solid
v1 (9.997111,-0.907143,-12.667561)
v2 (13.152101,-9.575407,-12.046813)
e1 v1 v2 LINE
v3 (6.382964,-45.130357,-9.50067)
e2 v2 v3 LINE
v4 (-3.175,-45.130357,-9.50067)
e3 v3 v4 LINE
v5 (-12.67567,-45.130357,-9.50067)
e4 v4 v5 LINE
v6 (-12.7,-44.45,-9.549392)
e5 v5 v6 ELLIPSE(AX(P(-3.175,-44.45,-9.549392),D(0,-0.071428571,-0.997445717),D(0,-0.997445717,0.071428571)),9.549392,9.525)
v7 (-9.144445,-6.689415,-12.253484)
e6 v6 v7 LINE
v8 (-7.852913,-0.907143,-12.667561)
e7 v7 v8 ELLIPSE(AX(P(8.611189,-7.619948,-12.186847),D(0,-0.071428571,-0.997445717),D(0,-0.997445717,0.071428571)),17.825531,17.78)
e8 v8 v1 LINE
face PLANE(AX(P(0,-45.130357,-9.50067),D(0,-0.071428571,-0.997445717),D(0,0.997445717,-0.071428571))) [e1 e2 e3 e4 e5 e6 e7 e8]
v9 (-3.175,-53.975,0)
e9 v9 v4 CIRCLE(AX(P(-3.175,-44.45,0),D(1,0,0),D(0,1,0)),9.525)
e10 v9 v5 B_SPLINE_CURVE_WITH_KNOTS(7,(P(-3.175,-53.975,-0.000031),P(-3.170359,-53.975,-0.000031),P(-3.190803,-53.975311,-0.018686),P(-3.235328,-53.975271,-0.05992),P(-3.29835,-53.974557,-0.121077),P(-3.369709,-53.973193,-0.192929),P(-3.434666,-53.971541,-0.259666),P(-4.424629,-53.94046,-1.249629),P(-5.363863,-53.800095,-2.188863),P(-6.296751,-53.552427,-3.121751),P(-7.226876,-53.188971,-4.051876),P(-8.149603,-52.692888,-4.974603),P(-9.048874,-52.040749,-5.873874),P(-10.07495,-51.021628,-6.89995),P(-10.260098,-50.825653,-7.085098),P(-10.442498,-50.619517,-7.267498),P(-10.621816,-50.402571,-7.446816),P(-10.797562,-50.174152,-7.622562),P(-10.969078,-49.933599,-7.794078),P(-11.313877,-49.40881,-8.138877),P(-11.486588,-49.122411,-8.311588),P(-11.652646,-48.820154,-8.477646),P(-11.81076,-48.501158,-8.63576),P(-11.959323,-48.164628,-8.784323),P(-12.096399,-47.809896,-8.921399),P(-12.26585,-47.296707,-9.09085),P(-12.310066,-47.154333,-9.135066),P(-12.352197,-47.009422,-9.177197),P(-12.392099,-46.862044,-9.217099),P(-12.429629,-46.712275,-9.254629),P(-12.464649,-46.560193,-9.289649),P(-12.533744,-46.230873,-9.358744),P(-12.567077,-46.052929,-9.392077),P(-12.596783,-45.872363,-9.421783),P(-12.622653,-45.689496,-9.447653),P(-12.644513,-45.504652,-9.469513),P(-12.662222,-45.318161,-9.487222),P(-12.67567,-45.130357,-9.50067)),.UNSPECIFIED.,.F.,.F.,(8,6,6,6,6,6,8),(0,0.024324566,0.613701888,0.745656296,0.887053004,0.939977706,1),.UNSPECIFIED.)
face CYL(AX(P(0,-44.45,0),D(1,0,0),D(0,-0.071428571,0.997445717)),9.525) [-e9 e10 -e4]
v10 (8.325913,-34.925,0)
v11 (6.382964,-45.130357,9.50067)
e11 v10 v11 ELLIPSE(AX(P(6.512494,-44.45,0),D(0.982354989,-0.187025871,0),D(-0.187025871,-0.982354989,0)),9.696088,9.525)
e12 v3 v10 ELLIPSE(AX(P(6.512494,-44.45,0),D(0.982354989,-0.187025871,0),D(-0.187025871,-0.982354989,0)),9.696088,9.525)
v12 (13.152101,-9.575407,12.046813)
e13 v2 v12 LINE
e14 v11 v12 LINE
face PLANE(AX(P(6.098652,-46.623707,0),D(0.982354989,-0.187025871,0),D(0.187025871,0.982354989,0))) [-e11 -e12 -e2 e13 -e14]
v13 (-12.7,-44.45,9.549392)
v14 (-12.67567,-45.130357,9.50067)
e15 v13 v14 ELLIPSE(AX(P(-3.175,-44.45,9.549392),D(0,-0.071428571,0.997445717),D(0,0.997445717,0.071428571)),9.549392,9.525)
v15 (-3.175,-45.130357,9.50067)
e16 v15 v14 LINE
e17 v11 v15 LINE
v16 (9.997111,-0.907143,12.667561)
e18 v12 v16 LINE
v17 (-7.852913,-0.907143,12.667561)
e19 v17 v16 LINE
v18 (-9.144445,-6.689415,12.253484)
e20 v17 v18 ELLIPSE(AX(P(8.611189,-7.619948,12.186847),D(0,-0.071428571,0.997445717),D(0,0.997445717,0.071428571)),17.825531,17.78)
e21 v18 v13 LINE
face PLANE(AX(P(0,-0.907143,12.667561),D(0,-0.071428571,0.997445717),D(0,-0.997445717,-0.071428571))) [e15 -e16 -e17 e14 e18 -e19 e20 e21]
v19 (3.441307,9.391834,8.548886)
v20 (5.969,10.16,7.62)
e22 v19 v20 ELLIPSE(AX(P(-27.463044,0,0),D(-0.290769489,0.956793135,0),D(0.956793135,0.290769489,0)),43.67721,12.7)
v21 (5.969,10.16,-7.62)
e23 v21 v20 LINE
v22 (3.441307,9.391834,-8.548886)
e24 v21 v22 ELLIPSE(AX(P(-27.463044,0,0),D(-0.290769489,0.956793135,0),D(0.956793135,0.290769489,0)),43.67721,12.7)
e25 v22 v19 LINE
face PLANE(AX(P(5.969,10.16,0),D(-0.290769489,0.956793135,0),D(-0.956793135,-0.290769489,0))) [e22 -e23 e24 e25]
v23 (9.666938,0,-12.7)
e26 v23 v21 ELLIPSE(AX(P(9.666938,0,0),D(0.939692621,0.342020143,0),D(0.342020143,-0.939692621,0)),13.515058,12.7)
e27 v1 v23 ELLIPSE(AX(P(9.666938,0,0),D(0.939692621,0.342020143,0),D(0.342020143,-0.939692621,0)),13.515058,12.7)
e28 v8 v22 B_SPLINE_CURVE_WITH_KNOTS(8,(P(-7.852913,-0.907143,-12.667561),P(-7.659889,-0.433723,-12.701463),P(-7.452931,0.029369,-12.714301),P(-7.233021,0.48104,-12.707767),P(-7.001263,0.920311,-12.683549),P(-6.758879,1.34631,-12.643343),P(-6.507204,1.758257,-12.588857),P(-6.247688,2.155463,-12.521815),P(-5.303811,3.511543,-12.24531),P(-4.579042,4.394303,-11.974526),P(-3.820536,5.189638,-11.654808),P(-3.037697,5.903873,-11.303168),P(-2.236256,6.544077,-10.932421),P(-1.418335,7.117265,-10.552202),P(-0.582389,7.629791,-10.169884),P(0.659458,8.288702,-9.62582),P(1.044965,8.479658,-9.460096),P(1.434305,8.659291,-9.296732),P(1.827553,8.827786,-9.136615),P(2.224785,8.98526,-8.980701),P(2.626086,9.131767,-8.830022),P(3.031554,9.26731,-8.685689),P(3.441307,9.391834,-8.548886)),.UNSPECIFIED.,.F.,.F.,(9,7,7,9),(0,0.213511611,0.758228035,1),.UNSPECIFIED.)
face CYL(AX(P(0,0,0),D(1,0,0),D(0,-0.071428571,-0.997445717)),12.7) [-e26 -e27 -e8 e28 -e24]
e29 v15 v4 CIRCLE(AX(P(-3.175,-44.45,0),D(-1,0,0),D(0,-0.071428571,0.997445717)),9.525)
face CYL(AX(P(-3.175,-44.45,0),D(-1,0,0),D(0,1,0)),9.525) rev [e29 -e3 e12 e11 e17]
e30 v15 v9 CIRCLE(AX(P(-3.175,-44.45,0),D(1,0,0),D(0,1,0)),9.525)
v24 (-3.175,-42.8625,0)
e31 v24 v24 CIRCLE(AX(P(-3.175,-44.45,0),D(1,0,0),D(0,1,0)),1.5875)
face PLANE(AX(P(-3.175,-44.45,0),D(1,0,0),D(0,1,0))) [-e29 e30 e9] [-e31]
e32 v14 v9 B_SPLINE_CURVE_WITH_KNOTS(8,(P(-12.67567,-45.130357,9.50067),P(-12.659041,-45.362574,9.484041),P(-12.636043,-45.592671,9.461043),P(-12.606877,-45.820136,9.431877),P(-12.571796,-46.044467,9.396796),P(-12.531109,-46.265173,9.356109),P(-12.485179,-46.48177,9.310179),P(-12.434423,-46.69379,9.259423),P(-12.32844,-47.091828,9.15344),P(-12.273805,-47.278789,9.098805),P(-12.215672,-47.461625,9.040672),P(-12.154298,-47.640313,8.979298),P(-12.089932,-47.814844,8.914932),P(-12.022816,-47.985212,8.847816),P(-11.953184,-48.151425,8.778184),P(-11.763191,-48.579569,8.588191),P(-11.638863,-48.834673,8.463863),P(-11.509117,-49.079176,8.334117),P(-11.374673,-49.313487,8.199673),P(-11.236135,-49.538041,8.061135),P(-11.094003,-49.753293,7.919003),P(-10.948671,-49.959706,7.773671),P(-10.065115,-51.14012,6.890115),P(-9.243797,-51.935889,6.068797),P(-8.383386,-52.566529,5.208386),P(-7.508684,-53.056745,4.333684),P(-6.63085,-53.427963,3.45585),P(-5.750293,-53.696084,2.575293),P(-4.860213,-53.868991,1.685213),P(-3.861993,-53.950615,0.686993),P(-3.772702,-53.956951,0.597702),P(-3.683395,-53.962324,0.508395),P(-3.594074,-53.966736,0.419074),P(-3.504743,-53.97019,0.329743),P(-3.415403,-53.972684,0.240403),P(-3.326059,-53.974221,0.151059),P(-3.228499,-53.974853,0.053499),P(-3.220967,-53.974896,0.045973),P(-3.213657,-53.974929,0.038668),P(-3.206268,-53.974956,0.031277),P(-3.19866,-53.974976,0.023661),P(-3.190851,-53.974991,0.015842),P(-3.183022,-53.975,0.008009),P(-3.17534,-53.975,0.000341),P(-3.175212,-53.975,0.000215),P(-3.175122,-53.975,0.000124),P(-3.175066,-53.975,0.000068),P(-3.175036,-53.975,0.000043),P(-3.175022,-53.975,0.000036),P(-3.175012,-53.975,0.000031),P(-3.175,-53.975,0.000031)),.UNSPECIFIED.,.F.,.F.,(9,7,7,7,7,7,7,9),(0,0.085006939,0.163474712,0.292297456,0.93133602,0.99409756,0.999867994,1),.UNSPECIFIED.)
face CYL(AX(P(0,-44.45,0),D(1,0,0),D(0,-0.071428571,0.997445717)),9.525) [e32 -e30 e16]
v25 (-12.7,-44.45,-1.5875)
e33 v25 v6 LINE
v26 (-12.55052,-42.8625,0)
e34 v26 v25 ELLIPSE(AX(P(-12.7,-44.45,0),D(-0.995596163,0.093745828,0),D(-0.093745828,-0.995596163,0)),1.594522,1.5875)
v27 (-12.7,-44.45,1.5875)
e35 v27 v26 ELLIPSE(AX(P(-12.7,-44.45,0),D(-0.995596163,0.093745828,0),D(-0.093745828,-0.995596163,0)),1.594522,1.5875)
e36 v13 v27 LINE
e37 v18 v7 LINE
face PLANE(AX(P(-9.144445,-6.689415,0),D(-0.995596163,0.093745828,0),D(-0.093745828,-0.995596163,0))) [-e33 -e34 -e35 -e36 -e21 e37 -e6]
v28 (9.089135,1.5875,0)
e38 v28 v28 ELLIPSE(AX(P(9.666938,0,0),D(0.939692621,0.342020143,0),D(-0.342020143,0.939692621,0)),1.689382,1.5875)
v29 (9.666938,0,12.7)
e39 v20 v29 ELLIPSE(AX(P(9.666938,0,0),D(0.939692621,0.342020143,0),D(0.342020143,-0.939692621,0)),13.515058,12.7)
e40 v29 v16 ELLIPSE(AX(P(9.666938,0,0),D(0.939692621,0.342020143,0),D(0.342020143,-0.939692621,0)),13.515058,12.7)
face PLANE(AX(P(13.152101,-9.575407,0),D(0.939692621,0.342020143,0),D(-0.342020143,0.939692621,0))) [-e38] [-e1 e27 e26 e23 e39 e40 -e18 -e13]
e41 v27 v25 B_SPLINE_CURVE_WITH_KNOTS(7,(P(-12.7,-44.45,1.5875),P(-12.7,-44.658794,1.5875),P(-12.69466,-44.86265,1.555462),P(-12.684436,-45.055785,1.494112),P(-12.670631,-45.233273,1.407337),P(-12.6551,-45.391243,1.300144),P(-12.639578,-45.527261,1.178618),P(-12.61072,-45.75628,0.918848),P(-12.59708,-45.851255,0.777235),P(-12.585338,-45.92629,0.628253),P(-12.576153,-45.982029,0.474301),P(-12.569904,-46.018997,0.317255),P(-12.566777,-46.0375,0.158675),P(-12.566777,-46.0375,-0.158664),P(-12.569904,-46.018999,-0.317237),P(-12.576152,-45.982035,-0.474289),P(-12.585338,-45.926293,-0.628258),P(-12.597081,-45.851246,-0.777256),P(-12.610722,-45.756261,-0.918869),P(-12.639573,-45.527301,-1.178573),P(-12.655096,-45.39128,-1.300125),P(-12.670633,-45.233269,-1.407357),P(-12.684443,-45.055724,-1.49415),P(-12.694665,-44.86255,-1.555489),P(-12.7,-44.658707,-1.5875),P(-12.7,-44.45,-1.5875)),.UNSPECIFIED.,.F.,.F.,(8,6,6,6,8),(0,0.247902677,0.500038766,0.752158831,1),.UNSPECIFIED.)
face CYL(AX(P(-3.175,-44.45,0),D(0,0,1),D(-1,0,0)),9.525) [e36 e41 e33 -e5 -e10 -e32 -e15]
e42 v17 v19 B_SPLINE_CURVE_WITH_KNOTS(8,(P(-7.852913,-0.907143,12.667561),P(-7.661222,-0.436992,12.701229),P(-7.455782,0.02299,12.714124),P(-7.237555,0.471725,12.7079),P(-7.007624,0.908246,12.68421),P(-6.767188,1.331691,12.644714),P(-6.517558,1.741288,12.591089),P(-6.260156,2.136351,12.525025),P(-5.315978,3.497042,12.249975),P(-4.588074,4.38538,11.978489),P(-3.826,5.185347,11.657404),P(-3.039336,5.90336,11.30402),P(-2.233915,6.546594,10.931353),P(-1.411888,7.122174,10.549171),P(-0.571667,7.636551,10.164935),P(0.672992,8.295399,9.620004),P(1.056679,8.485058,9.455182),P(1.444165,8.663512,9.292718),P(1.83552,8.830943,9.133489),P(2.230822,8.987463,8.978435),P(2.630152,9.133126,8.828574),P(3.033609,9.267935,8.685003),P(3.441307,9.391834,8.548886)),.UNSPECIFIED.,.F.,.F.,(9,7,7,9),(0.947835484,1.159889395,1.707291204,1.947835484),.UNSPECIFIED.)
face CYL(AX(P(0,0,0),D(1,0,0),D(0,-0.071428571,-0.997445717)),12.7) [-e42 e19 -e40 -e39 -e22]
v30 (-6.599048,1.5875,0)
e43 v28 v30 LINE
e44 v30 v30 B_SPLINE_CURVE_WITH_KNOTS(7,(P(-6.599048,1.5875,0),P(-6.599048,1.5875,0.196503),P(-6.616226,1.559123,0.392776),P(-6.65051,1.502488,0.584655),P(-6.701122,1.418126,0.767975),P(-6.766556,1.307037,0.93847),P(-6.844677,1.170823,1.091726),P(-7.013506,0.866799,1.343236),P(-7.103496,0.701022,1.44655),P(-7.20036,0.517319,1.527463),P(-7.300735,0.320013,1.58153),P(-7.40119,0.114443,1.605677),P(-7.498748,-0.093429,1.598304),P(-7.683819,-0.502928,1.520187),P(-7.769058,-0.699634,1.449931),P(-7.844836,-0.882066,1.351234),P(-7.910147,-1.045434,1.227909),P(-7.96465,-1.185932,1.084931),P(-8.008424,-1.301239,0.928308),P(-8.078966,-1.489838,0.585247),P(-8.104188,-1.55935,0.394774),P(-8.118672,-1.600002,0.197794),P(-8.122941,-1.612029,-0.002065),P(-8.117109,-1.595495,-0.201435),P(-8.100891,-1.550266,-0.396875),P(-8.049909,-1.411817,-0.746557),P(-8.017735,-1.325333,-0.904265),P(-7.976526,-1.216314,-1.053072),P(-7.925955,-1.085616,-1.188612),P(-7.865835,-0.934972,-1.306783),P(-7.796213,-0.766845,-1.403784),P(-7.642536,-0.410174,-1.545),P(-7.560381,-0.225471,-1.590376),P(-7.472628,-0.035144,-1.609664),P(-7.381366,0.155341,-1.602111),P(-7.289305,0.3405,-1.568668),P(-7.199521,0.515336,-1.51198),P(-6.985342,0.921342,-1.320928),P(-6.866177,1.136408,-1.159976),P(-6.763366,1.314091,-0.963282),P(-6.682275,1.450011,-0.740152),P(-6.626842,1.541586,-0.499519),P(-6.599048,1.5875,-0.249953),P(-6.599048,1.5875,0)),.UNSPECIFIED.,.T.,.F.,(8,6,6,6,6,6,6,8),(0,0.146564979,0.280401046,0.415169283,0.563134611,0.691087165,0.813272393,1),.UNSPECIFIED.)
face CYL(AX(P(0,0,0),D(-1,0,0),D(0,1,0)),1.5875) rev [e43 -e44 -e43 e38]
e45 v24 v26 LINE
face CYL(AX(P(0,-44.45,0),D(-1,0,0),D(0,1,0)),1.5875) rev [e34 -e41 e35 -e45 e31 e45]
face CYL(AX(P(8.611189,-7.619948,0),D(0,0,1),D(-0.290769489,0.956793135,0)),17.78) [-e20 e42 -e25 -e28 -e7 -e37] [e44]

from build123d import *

# Parameters (mm, degrees)
F1_R     = 1.5875
F2_DEPTH = 25.4
F3_DEPTH = 12.7
F5_R     = 9.525
F5_R_2   = 1.5875
F6_DEPTH = 25.4


with BuildPart() as f2:
    # F1 (on Right) → F2 (new body, symmetric)
    with BuildSketch(Plane.YZ):
        with BuildLine():
            Line((-45.1303571429, -9.5006704583), (-0.9071428571, -12.6675606111))
            ThreePointArc((-0.9071428571, -12.6675606111), (12.7, 0), (-0.9071428571, 12.6675606111))
            Line((-0.9071428571, 12.6675606111), (-45.1303571429, 9.5006704583))
            ThreePointArc((-45.1303571429, 9.5006704583), (-53.975, 0), (-45.1303571429, -9.5006704583))
        make_face()
        with Locations((-44.45, 0)):
            Circle(F1_R, mode=Mode.SUBTRACT)
        Circle(F1_R, mode=Mode.SUBTRACT)
    extrude(amount=F2_DEPTH, both=True)

    # F0 (on Top) → F3 (intersect, symmetric)
    with BuildSketch(Plane.XY):
        with BuildLine():
            Line((6.0986519691, -46.6237074677), (13.1521007809, -9.5754071973))
            Line((13.1521007809, -9.5754071973), (5.969, 10.16))
            Line((5.969, 10.16), (3.4413070321, 9.3918339606))
            ThreePointArc((3.4413070321, 9.3918339606), (-2.998086321, 5.846793894), (-7.4532066327, 0))
            ThreePointArc((-7.4532066327, 0), (-8.6264344272, -3.2618802949), (-9.1444445756, -6.6894146861))
            Line((-9.1444445756, -6.6894146861), (-12.7, -44.45))
            ThreePointArc((-12.7, -44.45), (-4.2690955154, -53.9119543437), (6.0986519691, -46.6237074677))
        make_face()
    extrude(amount=F3_DEPTH, both=True, mode=Mode.INTERSECT)

    # F5 (on offset) → F6 (cut)
    with BuildSketch(Plane.YZ.offset(-3.175)):
        with Locations((-44.45, 0)):
            Circle(F5_R)
        with Locations((-44.45, 0)):
            Circle(F5_R_2, mode=Mode.SUBTRACT)
    extrude(amount=F6_DEPTH, mode=Mode.SUBTRACT)


solid = f2.part
